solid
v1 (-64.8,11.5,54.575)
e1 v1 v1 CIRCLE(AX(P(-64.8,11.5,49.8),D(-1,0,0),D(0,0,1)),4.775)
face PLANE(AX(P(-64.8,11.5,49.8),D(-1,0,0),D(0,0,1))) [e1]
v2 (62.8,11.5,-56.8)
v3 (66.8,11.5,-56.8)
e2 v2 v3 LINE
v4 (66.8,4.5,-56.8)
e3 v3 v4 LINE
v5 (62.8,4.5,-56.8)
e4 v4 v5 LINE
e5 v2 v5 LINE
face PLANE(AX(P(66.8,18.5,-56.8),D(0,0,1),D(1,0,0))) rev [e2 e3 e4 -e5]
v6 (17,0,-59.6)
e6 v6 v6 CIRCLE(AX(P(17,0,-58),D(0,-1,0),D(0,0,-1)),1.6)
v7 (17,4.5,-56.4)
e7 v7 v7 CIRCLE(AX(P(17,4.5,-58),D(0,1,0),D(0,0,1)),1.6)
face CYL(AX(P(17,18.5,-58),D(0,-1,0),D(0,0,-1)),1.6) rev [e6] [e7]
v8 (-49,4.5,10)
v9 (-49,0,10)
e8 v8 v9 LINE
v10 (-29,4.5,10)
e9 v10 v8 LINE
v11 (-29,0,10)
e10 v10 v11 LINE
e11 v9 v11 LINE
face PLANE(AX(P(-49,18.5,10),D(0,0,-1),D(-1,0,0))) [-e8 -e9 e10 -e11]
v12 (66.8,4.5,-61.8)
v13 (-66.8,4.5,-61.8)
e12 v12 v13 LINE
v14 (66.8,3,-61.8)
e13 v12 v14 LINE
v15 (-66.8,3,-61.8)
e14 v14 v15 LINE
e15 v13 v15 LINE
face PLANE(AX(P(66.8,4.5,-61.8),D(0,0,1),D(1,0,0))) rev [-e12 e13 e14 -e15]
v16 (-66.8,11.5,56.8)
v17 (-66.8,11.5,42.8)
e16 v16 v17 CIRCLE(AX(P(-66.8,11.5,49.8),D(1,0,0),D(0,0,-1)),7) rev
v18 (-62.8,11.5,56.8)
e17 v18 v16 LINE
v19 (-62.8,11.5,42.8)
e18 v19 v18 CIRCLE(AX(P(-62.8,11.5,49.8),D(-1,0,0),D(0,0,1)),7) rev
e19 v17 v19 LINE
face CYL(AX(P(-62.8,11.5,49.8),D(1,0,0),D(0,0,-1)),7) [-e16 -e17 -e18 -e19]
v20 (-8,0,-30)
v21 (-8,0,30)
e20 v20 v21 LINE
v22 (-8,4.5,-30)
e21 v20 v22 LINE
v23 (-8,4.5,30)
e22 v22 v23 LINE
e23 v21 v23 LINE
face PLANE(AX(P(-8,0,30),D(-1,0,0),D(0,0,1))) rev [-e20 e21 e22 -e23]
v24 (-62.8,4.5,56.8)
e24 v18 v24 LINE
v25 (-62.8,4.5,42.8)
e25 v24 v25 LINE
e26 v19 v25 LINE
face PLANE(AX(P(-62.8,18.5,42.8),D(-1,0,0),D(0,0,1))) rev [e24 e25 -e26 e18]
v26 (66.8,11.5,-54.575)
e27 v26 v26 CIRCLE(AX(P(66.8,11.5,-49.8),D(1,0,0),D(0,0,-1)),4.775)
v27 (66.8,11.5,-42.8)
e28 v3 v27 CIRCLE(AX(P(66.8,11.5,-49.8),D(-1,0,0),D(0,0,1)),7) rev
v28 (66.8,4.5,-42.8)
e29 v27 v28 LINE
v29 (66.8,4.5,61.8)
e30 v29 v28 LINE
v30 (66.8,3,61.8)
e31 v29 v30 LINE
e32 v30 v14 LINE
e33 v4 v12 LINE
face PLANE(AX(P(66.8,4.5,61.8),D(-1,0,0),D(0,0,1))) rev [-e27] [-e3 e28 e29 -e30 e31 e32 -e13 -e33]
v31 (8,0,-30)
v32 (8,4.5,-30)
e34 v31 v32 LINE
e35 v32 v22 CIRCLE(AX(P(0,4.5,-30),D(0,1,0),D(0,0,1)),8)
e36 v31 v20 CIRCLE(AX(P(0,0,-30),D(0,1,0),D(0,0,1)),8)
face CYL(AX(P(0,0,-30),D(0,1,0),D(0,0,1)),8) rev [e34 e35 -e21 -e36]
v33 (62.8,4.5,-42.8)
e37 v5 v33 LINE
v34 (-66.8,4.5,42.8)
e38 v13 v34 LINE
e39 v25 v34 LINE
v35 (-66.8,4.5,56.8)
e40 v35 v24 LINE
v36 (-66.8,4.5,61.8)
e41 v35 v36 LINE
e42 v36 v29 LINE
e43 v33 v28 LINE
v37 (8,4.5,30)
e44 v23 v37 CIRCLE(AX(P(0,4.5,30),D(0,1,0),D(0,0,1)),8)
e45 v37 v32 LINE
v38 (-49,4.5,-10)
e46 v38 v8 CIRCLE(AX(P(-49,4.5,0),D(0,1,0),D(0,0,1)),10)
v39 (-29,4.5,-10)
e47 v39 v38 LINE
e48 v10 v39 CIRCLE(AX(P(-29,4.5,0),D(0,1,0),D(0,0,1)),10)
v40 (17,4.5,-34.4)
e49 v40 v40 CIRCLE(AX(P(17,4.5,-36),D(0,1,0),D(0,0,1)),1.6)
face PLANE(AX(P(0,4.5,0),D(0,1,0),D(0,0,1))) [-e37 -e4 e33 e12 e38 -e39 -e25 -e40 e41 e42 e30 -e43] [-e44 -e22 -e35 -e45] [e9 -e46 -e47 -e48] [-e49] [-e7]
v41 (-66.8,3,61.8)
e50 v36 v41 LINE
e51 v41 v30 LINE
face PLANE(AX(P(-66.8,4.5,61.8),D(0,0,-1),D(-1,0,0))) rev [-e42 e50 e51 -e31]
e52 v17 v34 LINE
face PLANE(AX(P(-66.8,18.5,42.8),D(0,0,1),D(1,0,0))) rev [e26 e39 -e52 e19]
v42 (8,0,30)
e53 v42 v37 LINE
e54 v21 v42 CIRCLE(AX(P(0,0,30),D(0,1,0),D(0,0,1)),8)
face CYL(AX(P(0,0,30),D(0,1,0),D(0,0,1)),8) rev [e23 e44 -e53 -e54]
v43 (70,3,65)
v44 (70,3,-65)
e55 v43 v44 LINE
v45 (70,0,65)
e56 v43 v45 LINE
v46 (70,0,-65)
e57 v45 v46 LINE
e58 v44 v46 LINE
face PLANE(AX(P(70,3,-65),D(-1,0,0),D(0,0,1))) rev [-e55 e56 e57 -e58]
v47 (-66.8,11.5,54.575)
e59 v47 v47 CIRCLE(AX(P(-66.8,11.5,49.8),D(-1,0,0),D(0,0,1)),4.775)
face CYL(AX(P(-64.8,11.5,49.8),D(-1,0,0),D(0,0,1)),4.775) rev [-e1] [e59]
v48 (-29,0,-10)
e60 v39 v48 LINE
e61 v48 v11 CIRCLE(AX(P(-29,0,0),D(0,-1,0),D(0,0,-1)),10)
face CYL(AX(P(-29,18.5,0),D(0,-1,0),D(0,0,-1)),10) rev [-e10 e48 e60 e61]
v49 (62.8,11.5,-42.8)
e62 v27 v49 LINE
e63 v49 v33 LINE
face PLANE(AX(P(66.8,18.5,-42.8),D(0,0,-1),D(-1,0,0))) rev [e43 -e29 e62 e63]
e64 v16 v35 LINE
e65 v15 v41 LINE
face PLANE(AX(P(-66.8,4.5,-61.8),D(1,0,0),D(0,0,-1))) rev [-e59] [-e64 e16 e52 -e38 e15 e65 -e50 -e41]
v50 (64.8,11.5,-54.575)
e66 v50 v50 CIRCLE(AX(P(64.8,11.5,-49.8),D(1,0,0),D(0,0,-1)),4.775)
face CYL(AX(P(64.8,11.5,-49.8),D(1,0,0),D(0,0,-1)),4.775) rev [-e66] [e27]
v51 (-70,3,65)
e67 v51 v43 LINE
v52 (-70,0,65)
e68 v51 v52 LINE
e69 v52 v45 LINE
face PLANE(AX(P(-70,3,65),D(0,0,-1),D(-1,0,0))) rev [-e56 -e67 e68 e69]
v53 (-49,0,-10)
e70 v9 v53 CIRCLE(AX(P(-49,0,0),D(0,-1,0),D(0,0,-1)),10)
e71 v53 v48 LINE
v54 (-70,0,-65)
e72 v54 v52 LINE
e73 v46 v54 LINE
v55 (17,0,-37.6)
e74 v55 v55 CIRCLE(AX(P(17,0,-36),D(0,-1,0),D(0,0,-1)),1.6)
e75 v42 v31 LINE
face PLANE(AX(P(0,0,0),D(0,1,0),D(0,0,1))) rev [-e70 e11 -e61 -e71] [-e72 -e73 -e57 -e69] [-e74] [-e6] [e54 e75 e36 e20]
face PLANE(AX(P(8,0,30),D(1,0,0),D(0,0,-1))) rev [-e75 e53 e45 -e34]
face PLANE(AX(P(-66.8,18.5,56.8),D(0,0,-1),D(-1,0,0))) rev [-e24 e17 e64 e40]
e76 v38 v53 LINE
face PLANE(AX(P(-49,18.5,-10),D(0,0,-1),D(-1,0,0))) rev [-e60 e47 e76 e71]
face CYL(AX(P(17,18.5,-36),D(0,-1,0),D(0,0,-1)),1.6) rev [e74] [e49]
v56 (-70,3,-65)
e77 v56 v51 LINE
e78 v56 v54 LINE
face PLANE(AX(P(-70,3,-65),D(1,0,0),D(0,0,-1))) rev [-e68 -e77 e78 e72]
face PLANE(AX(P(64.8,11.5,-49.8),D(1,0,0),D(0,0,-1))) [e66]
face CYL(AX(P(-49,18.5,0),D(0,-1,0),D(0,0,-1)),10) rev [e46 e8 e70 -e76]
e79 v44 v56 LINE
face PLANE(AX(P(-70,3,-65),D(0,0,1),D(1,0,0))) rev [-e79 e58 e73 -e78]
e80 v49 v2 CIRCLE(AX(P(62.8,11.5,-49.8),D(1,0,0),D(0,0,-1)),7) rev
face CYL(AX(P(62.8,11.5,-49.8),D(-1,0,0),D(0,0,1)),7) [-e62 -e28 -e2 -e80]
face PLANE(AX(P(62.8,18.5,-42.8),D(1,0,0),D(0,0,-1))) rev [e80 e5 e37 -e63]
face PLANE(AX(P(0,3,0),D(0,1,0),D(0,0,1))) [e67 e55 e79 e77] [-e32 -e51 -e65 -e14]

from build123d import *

# Parameters (mm, degrees)
SKETCH1_W                       = 140
SKETCH1_H                       = 130
BOSS_EXTRUDE1_DEPTH             = 3
SKETCH2_W                       = 133.6
SKETCH2_H                       = 123.6
BOSS_EXTRUDE2_DEPTH             = 1.5
SKETCH5_W                       = 4
SKETCH5_H                       = 14
BOSS_EXTRUDE3_DEPTH             = 14
SKETCH6_R                       = 4.775
CUT_EXTRUDE3_DEPTH              = 2
FILLET1_RADIUS                  = 7
FILLET1_LENGTH                  = 4
CIRPATTERN2_COUNT               = 2
FILLET1_OF_CIRPATTERN2_2_RADIUS = 7
FILLET1_OF_CIRPATTERN2_2_LENGTH = 4
CUT_EXTRUDE4_DEPTH              = 97.545326143
CUT_EXTRUDE5_DEPTH              = 98.29979445
SKETCH9_R                       = 1.6
CUT_EXTRUDE6_DEPTH              = 98.29979445


with BuildPart() as part:
    # Sketch1 → Boss-Extrude1 (new body)
    with BuildSketch(Plane(origin=(0, 0, 0), x_dir=(1, 0, 0), z_dir=(0, 1, 0))):
        Rectangle(SKETCH1_W, SKETCH1_H)
    extrude(amount=BOSS_EXTRUDE1_DEPTH)

    # Sketch2 → Boss-Extrude2 (add)
    with BuildSketch(Plane(origin=(0, 3, 0), x_dir=(1, 0, 0), z_dir=(0, 1, 0))):
        Rectangle(SKETCH2_W, SKETCH2_H)
    extrude(amount=BOSS_EXTRUDE2_DEPTH)

    # Sketch5 → Boss-Extrude3 (add)
    with BuildSketch(Plane(origin=(0, 4.5, 0), x_dir=(1, 0, 0), z_dir=(0, 1, 0))):
        with Locations((-64.8, -49.8)):
            Rectangle(SKETCH5_W, SKETCH5_H)
    boss_extrude3 = extrude(amount=BOSS_EXTRUDE3_DEPTH)

    # Sketch6 → Cut-Extrude3 (cut)
    with BuildSketch(Plane.ZY.offset(66.8)):
        with Locations((49.8, 11.5)):
            Circle(SKETCH6_R)
    cut_extrude3 = extrude(amount=-CUT_EXTRUDE3_DEPTH, mode=Mode.SUBTRACT)

    # Fillet1: full round fillet: the end face becomes a half cylinder, R = half its width
    fillet1_face = Plane((-64.8, 18.5, 49.8), x_dir=(1, 0, 0), z_dir=(0, 1, 0))  # on the end face: x along it, z out of the body
    fillet1_slab = fillet1_face.offset(-FILLET1_RADIUS / 2) * Box(FILLET1_LENGTH, 2 * FILLET1_RADIUS, FILLET1_RADIUS, mode=Mode.PRIVATE)  # the body's end, R deep
    fillet1_round = Plane((-64.8, 11.5, 49.8), x_dir=(0, 1, 0), z_dir=(1, 0, 0)) * Cylinder(FILLET1_RADIUS, FILLET1_LENGTH, mode=Mode.PRIVATE)  # its axis R under the face
    add(fillet1_slab - fillet1_round, mode=Mode.SUBTRACT)

    # CirPattern2: Boss-Extrude3, Cut-Extrude3 ×2 about axis
    cirpattern2_axis = Axis((0, 0, 0), (0, 1, 0))
    add([boss_extrude3.rotate(cirpattern2_axis, i * 360 / CIRPATTERN2_COUNT) for i in range(1, CIRPATTERN2_COUNT)])
    add([cut_extrude3.rotate(cirpattern2_axis, i * 360 / CIRPATTERN2_COUNT) for i in range(1, CIRPATTERN2_COUNT)], mode=Mode.SUBTRACT)

    # Fillet1 of CirPattern2 2: full round fillet: the end face becomes a half cylinder, R = half its width
    fillet1_of_cirpattern2_2_face = Plane((64.8, 18.5, -49.8), x_dir=(-1, 0, 0), z_dir=(0, 1, 0))  # on the end face: x along it, z out of the body
    fillet1_of_cirpattern2_2_slab = fillet1_of_cirpattern2_2_face.offset(-FILLET1_OF_CIRPATTERN2_2_RADIUS / 2) * Box(FILLET1_OF_CIRPATTERN2_2_LENGTH, 2 * FILLET1_OF_CIRPATTERN2_2_RADIUS, FILLET1_OF_CIRPATTERN2_2_RADIUS, mode=Mode.PRIVATE)  # the body's end, R deep
    fillet1_of_cirpattern2_2_round = Plane((64.8, 11.5, -49.8), x_dir=(0, 1, 0), z_dir=(-1, 0, 0)) * Cylinder(FILLET1_OF_CIRPATTERN2_2_RADIUS, FILLET1_OF_CIRPATTERN2_2_LENGTH, mode=Mode.PRIVATE)  # its axis R under the face
    add(fillet1_of_cirpattern2_2_slab - fillet1_of_cirpattern2_2_round, mode=Mode.SUBTRACT)

    # Sketch7 → Cut-Extrude4 (cut, through all)
    with BuildSketch(Plane(origin=(0, 4.5, 0), x_dir=(1, 0, 0), z_dir=(0, 1, 0))):
        with BuildLine():
            Line((-8, -30), (-8, 30))
            ThreePointArc((-8, 30), (0, 38), (8, 30))
            Line((8, 30), (8, -30))
            ThreePointArc((8, -30), (0, -38), (-8, -30))
        make_face()
    extrude(amount=-CUT_EXTRUDE4_DEPTH, mode=Mode.SUBTRACT)

    # Sketch8 → Cut-Extrude5 (cut, through all)
    with BuildSketch(Plane.XZ):
        with BuildLine():
            Line((-49, 10), (-29, 10))
            ThreePointArc((-29, 10), (-19, 0), (-29, -10))
            Line((-29, -10), (-49, -10))
            ThreePointArc((-49, -10), (-59, 0), (-49, 10))
        make_face()
    extrude(amount=-CUT_EXTRUDE5_DEPTH, mode=Mode.SUBTRACT)

    # Sketch9 → Cut-Extrude6 (cut, through all)
    with BuildSketch(Plane.XZ):
        with Locations(Location((17, -36, 0), (0, 0, 270))):
            Circle(SKETCH9_R)
        with Locations(Location((17, -58, 0), (0, 0, 270))):
            Circle(SKETCH9_R)
    extrude(amount=-CUT_EXTRUDE6_DEPTH, mode=Mode.SUBTRACT)


solid = part.part
